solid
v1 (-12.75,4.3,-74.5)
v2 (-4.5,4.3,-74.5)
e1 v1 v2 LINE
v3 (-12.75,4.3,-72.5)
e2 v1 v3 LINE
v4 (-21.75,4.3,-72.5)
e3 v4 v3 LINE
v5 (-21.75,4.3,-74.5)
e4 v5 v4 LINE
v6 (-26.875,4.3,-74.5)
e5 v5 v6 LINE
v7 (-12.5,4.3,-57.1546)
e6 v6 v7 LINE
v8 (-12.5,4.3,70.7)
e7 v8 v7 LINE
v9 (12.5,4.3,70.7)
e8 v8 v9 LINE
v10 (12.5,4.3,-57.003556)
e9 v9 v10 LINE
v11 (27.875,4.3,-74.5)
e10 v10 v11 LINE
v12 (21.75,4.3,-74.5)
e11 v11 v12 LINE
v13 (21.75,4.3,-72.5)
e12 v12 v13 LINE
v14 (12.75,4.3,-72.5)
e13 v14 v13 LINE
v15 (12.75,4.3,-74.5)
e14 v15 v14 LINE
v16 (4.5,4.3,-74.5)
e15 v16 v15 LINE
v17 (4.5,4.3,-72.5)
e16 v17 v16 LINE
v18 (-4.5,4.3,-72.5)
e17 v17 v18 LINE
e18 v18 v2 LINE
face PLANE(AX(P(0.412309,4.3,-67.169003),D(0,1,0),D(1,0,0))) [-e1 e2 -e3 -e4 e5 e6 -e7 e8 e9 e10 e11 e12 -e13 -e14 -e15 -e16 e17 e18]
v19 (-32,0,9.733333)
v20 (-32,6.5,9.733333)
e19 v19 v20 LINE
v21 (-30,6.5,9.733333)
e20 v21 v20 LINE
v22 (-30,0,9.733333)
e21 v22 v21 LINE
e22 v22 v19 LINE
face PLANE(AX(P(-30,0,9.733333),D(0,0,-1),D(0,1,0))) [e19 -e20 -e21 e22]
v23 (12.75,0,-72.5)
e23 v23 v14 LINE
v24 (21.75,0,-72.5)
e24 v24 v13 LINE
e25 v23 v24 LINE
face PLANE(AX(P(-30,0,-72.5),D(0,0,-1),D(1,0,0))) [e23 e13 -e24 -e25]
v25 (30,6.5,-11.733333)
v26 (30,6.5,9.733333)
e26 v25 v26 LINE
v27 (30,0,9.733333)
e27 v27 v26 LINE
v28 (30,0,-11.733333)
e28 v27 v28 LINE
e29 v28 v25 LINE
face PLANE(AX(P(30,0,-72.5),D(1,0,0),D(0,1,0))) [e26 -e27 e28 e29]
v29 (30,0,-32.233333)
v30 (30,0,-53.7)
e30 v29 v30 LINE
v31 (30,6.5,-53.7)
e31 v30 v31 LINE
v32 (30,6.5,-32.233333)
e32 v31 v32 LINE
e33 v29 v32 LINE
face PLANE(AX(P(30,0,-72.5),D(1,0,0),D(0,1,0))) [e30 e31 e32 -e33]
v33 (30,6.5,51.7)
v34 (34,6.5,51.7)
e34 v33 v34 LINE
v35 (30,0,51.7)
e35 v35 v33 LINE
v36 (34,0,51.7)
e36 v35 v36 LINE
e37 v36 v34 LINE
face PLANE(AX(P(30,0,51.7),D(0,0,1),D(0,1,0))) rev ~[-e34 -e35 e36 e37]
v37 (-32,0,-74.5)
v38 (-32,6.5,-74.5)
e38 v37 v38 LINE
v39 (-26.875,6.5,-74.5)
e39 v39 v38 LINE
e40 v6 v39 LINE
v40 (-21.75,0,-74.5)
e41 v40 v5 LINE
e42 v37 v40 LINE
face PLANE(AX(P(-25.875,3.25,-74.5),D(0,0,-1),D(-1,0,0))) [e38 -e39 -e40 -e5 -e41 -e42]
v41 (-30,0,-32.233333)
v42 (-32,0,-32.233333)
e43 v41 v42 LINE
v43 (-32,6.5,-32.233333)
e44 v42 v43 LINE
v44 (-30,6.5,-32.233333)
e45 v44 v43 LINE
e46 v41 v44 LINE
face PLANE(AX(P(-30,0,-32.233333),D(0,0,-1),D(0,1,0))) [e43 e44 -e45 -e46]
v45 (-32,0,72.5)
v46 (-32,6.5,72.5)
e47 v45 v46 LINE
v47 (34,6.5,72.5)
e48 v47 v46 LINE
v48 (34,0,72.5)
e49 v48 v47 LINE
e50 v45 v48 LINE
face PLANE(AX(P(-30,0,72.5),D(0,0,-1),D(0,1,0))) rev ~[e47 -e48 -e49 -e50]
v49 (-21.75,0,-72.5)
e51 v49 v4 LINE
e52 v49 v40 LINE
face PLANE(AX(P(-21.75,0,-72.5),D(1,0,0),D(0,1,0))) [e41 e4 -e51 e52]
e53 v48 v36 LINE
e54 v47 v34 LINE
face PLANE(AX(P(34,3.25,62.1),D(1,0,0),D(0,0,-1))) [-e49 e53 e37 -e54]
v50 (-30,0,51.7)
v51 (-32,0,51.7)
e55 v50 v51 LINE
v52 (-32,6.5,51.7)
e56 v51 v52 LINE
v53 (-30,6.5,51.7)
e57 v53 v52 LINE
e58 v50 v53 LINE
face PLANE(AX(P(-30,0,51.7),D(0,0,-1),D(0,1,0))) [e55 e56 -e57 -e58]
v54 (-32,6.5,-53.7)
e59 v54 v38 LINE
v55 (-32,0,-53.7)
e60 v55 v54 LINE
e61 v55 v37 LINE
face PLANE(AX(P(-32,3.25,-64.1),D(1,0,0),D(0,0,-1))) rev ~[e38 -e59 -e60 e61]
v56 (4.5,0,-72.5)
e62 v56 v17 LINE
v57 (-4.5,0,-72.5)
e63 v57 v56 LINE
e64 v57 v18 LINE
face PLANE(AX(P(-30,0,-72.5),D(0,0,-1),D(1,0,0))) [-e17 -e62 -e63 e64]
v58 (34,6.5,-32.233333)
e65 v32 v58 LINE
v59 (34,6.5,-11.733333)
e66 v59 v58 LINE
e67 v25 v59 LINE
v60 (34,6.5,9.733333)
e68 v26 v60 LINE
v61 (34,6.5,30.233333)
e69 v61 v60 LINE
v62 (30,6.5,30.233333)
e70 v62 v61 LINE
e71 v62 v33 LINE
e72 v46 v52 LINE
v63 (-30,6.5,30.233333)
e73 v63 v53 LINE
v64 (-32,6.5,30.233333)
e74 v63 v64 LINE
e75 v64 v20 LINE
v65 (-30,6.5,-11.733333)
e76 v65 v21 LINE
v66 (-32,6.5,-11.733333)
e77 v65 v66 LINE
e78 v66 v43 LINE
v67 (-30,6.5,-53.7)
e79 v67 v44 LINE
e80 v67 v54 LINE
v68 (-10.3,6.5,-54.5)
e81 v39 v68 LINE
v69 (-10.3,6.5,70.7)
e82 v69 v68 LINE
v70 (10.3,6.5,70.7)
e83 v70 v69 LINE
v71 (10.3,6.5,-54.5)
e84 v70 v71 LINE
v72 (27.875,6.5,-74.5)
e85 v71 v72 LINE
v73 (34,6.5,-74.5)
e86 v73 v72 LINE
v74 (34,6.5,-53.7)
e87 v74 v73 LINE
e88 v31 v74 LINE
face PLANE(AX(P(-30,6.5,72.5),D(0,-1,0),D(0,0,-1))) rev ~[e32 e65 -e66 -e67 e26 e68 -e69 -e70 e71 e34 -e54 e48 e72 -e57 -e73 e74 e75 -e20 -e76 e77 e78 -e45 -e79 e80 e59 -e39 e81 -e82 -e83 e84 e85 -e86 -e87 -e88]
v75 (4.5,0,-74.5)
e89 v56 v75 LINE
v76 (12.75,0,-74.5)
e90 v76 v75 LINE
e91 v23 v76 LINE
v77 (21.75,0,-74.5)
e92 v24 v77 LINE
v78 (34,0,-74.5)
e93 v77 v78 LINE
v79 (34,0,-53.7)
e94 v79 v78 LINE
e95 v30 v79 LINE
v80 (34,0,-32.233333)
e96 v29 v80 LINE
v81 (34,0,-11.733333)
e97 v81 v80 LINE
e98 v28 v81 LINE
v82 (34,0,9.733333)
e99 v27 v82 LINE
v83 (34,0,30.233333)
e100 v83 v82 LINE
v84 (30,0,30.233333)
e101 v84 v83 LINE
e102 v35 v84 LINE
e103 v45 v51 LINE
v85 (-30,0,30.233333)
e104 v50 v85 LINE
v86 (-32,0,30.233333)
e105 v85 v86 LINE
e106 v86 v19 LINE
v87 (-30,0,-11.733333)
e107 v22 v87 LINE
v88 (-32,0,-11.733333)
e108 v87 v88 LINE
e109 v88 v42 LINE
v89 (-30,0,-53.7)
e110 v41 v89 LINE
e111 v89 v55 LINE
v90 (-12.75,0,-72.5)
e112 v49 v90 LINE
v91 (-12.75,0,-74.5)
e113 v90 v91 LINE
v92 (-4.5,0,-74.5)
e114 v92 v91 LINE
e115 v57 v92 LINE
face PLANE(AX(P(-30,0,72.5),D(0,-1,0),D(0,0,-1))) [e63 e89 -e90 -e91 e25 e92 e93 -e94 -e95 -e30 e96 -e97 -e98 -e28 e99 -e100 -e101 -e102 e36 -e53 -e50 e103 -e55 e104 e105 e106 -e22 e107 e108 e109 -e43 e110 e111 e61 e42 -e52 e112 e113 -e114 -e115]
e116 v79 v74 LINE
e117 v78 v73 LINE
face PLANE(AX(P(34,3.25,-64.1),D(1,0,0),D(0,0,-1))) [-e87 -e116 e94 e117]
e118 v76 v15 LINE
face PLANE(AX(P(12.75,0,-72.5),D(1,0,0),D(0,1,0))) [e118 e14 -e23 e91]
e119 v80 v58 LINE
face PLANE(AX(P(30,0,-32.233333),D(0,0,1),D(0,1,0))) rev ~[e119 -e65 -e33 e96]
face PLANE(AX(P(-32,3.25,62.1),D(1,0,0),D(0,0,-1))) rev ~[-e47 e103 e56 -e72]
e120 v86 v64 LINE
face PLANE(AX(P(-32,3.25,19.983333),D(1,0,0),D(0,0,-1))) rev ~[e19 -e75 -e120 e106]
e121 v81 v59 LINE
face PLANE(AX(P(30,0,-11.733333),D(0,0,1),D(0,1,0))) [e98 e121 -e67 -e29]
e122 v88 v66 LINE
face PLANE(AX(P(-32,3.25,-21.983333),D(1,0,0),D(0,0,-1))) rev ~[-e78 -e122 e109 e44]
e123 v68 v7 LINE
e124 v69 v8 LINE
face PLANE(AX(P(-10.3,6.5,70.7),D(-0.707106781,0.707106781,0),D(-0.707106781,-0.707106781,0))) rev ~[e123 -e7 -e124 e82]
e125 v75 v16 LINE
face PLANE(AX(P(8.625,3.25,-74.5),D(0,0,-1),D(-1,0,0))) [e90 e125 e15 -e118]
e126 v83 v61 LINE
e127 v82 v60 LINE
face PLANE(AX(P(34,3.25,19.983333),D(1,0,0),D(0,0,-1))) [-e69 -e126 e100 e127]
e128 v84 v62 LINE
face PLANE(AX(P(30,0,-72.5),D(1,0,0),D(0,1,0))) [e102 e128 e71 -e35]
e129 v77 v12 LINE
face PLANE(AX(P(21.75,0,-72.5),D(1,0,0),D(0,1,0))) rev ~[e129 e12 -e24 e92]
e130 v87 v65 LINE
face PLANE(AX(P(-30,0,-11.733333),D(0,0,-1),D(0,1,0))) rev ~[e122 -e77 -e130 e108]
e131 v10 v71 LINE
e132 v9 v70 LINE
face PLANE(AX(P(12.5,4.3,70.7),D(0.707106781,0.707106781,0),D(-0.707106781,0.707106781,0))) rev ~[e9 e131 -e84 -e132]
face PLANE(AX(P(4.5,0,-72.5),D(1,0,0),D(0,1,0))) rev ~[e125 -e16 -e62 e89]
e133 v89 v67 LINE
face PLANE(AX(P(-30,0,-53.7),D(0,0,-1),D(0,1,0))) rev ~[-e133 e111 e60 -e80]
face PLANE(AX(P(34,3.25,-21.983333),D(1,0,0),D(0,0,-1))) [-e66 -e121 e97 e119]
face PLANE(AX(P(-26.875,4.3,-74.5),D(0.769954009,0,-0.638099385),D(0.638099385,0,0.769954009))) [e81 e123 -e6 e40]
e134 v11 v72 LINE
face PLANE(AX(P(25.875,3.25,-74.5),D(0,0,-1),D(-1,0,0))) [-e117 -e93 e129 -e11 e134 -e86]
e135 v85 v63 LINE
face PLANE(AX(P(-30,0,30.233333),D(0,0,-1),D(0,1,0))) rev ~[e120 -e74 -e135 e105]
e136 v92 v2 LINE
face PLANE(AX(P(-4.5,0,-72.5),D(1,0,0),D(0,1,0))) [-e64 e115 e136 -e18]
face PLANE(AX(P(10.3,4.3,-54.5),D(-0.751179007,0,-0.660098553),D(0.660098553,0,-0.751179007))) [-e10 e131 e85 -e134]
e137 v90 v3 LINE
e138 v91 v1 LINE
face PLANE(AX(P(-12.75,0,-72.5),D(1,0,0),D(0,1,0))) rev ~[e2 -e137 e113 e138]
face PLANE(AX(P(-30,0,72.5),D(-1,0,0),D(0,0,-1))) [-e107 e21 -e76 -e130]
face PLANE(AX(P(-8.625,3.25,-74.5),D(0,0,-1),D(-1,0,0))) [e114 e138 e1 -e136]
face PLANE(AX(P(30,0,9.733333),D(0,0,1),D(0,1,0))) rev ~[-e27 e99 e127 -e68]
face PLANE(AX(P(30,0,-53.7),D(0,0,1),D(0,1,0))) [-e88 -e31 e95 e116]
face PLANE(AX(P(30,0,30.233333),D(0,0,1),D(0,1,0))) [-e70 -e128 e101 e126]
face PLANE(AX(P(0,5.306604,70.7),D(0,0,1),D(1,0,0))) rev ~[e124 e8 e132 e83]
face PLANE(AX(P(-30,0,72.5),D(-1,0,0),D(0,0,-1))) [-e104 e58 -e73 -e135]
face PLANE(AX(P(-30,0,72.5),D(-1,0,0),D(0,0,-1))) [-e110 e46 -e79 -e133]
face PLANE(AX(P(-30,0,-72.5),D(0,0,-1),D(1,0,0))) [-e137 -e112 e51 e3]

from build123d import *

# Parameters (mm, degrees)
SKETCH_4_W          = 60
SKETCH_4_H          = 145
EXTRUDE_1_DEPTH     = 6.5
SKETCH_5_W          = 8.25
SKETCH_5_H          = 6.5
EXTRUDE_2_DEPTH     = 2
SKETCH_7_W          = 20.8
SKETCH_7_H          = 6.5
SKETCH_7_W_2        = 20.5
EXTRUDE_3_DEPTH     = 4
EXTRUDE_START       = -60
SKETCH_7_2_W        = 20.8
SKETCH_7_2_H        = 6.5
SKETCH_7_2_W_2      = 20.5
EXTRUDE_4_DEPTH     = 2
CUT_EXTRUDE_START   = -1.8
CUT_EXTRUDE_1_DEPTH = 150.220693946
CUT_EXTRUDE_2_DEPTH = 83.004512071


with BuildPart() as part:
    # 草图4 → 凸台-拉伸1 (new body)
    with BuildSketch(Plane(origin=(0, 0, 0), x_dir=(1, 0, 0), z_dir=(0, 1, 0))):
        Rectangle(SKETCH_4_W, SKETCH_4_H)
    extrude(amount=EXTRUDE_1_DEPTH)

    # 草图5 → 凸台-拉伸2 (add)
    with BuildSketch(Plane(origin=(0, 0, -72.5), x_dir=(-1, 0, 0), z_dir=(0, 0, -1))):
        with Locations((-25.875, 3.25)):
            Rectangle(SKETCH_5_W, SKETCH_5_H)
        with Locations((-8.625, 3.25)):
            Rectangle(SKETCH_5_W, SKETCH_5_H)
        with Locations((8.625, 3.25)):
            Rectangle(SKETCH_5_W, SKETCH_5_H)
        with Locations((25.875, 3.25)):
            Rectangle(SKETCH_5_W, SKETCH_5_H)
    extrude(amount=EXTRUDE_2_DEPTH)

    # 草图7 → 凸台-拉伸3 (add)
    with BuildSketch(Plane(origin=(30, 0, 0), x_dir=(0, 0, -1), z_dir=(1, 0, 0))):
        with Locations((-62.1, 3.25)):
            Rectangle(SKETCH_7_W, SKETCH_7_H)
        with Locations((-19.983333333, 3.25)):
            Rectangle(SKETCH_7_W_2, SKETCH_7_H)
        with Locations((21.983333333, 3.25)):
            Rectangle(SKETCH_7_W_2, SKETCH_7_H)
        with Locations((64.1, 3.25)):
            Rectangle(SKETCH_7_W, SKETCH_7_H)
    extrude(amount=EXTRUDE_3_DEPTH)

    # 草图7<2> → 凸台-拉伸4 (add)
    with BuildSketch(Plane(origin=(30, 0, 0), x_dir=(0, 0, -1), z_dir=(1, 0, 0)).offset(EXTRUDE_START)):
        with Locations((-62.1, 3.25)):
            Rectangle(SKETCH_7_2_W, SKETCH_7_2_H)
        with Locations((-19.983333333, 3.25)):
            Rectangle(SKETCH_7_2_W_2, SKETCH_7_2_H)
        with Locations((21.983333333, 3.25)):
            Rectangle(SKETCH_7_2_W_2, SKETCH_7_2_H)
        with Locations((64.1, 3.25)):
            Rectangle(SKETCH_7_2_W, SKETCH_7_2_H)
    extrude(amount=-EXTRUDE_4_DEPTH)

    # 草图8 → 切除-拉伸1 (cut, through all)
    with BuildSketch(Plane.XY.offset(72.5).offset(CUT_EXTRUDE_START)):
        Polygon((10.3, 6.5), (-10.3, 6.5), (-12.5, 4.3), (-10.3, 4.3), (10.3, 4.3), (12.5, 4.3), align=None)
    extrude(amount=-CUT_EXTRUDE_1_DEPTH, mode=Mode.SUBTRACT)

    # 草图9 → 切除-拉伸2 (cut, through all)
    with BuildSketch(Plane(origin=(0, 4.3, 0), x_dir=(1, 0, 0), z_dir=(0, 1, 0))):
        Polygon((-26.875, 74.5), (-10.3, 54.5), (10.3, 54.5), (27.875, 74.5), align=None)
    extrude(amount=CUT_EXTRUDE_2_DEPTH, mode=Mode.SUBTRACT)


solid = part.part
